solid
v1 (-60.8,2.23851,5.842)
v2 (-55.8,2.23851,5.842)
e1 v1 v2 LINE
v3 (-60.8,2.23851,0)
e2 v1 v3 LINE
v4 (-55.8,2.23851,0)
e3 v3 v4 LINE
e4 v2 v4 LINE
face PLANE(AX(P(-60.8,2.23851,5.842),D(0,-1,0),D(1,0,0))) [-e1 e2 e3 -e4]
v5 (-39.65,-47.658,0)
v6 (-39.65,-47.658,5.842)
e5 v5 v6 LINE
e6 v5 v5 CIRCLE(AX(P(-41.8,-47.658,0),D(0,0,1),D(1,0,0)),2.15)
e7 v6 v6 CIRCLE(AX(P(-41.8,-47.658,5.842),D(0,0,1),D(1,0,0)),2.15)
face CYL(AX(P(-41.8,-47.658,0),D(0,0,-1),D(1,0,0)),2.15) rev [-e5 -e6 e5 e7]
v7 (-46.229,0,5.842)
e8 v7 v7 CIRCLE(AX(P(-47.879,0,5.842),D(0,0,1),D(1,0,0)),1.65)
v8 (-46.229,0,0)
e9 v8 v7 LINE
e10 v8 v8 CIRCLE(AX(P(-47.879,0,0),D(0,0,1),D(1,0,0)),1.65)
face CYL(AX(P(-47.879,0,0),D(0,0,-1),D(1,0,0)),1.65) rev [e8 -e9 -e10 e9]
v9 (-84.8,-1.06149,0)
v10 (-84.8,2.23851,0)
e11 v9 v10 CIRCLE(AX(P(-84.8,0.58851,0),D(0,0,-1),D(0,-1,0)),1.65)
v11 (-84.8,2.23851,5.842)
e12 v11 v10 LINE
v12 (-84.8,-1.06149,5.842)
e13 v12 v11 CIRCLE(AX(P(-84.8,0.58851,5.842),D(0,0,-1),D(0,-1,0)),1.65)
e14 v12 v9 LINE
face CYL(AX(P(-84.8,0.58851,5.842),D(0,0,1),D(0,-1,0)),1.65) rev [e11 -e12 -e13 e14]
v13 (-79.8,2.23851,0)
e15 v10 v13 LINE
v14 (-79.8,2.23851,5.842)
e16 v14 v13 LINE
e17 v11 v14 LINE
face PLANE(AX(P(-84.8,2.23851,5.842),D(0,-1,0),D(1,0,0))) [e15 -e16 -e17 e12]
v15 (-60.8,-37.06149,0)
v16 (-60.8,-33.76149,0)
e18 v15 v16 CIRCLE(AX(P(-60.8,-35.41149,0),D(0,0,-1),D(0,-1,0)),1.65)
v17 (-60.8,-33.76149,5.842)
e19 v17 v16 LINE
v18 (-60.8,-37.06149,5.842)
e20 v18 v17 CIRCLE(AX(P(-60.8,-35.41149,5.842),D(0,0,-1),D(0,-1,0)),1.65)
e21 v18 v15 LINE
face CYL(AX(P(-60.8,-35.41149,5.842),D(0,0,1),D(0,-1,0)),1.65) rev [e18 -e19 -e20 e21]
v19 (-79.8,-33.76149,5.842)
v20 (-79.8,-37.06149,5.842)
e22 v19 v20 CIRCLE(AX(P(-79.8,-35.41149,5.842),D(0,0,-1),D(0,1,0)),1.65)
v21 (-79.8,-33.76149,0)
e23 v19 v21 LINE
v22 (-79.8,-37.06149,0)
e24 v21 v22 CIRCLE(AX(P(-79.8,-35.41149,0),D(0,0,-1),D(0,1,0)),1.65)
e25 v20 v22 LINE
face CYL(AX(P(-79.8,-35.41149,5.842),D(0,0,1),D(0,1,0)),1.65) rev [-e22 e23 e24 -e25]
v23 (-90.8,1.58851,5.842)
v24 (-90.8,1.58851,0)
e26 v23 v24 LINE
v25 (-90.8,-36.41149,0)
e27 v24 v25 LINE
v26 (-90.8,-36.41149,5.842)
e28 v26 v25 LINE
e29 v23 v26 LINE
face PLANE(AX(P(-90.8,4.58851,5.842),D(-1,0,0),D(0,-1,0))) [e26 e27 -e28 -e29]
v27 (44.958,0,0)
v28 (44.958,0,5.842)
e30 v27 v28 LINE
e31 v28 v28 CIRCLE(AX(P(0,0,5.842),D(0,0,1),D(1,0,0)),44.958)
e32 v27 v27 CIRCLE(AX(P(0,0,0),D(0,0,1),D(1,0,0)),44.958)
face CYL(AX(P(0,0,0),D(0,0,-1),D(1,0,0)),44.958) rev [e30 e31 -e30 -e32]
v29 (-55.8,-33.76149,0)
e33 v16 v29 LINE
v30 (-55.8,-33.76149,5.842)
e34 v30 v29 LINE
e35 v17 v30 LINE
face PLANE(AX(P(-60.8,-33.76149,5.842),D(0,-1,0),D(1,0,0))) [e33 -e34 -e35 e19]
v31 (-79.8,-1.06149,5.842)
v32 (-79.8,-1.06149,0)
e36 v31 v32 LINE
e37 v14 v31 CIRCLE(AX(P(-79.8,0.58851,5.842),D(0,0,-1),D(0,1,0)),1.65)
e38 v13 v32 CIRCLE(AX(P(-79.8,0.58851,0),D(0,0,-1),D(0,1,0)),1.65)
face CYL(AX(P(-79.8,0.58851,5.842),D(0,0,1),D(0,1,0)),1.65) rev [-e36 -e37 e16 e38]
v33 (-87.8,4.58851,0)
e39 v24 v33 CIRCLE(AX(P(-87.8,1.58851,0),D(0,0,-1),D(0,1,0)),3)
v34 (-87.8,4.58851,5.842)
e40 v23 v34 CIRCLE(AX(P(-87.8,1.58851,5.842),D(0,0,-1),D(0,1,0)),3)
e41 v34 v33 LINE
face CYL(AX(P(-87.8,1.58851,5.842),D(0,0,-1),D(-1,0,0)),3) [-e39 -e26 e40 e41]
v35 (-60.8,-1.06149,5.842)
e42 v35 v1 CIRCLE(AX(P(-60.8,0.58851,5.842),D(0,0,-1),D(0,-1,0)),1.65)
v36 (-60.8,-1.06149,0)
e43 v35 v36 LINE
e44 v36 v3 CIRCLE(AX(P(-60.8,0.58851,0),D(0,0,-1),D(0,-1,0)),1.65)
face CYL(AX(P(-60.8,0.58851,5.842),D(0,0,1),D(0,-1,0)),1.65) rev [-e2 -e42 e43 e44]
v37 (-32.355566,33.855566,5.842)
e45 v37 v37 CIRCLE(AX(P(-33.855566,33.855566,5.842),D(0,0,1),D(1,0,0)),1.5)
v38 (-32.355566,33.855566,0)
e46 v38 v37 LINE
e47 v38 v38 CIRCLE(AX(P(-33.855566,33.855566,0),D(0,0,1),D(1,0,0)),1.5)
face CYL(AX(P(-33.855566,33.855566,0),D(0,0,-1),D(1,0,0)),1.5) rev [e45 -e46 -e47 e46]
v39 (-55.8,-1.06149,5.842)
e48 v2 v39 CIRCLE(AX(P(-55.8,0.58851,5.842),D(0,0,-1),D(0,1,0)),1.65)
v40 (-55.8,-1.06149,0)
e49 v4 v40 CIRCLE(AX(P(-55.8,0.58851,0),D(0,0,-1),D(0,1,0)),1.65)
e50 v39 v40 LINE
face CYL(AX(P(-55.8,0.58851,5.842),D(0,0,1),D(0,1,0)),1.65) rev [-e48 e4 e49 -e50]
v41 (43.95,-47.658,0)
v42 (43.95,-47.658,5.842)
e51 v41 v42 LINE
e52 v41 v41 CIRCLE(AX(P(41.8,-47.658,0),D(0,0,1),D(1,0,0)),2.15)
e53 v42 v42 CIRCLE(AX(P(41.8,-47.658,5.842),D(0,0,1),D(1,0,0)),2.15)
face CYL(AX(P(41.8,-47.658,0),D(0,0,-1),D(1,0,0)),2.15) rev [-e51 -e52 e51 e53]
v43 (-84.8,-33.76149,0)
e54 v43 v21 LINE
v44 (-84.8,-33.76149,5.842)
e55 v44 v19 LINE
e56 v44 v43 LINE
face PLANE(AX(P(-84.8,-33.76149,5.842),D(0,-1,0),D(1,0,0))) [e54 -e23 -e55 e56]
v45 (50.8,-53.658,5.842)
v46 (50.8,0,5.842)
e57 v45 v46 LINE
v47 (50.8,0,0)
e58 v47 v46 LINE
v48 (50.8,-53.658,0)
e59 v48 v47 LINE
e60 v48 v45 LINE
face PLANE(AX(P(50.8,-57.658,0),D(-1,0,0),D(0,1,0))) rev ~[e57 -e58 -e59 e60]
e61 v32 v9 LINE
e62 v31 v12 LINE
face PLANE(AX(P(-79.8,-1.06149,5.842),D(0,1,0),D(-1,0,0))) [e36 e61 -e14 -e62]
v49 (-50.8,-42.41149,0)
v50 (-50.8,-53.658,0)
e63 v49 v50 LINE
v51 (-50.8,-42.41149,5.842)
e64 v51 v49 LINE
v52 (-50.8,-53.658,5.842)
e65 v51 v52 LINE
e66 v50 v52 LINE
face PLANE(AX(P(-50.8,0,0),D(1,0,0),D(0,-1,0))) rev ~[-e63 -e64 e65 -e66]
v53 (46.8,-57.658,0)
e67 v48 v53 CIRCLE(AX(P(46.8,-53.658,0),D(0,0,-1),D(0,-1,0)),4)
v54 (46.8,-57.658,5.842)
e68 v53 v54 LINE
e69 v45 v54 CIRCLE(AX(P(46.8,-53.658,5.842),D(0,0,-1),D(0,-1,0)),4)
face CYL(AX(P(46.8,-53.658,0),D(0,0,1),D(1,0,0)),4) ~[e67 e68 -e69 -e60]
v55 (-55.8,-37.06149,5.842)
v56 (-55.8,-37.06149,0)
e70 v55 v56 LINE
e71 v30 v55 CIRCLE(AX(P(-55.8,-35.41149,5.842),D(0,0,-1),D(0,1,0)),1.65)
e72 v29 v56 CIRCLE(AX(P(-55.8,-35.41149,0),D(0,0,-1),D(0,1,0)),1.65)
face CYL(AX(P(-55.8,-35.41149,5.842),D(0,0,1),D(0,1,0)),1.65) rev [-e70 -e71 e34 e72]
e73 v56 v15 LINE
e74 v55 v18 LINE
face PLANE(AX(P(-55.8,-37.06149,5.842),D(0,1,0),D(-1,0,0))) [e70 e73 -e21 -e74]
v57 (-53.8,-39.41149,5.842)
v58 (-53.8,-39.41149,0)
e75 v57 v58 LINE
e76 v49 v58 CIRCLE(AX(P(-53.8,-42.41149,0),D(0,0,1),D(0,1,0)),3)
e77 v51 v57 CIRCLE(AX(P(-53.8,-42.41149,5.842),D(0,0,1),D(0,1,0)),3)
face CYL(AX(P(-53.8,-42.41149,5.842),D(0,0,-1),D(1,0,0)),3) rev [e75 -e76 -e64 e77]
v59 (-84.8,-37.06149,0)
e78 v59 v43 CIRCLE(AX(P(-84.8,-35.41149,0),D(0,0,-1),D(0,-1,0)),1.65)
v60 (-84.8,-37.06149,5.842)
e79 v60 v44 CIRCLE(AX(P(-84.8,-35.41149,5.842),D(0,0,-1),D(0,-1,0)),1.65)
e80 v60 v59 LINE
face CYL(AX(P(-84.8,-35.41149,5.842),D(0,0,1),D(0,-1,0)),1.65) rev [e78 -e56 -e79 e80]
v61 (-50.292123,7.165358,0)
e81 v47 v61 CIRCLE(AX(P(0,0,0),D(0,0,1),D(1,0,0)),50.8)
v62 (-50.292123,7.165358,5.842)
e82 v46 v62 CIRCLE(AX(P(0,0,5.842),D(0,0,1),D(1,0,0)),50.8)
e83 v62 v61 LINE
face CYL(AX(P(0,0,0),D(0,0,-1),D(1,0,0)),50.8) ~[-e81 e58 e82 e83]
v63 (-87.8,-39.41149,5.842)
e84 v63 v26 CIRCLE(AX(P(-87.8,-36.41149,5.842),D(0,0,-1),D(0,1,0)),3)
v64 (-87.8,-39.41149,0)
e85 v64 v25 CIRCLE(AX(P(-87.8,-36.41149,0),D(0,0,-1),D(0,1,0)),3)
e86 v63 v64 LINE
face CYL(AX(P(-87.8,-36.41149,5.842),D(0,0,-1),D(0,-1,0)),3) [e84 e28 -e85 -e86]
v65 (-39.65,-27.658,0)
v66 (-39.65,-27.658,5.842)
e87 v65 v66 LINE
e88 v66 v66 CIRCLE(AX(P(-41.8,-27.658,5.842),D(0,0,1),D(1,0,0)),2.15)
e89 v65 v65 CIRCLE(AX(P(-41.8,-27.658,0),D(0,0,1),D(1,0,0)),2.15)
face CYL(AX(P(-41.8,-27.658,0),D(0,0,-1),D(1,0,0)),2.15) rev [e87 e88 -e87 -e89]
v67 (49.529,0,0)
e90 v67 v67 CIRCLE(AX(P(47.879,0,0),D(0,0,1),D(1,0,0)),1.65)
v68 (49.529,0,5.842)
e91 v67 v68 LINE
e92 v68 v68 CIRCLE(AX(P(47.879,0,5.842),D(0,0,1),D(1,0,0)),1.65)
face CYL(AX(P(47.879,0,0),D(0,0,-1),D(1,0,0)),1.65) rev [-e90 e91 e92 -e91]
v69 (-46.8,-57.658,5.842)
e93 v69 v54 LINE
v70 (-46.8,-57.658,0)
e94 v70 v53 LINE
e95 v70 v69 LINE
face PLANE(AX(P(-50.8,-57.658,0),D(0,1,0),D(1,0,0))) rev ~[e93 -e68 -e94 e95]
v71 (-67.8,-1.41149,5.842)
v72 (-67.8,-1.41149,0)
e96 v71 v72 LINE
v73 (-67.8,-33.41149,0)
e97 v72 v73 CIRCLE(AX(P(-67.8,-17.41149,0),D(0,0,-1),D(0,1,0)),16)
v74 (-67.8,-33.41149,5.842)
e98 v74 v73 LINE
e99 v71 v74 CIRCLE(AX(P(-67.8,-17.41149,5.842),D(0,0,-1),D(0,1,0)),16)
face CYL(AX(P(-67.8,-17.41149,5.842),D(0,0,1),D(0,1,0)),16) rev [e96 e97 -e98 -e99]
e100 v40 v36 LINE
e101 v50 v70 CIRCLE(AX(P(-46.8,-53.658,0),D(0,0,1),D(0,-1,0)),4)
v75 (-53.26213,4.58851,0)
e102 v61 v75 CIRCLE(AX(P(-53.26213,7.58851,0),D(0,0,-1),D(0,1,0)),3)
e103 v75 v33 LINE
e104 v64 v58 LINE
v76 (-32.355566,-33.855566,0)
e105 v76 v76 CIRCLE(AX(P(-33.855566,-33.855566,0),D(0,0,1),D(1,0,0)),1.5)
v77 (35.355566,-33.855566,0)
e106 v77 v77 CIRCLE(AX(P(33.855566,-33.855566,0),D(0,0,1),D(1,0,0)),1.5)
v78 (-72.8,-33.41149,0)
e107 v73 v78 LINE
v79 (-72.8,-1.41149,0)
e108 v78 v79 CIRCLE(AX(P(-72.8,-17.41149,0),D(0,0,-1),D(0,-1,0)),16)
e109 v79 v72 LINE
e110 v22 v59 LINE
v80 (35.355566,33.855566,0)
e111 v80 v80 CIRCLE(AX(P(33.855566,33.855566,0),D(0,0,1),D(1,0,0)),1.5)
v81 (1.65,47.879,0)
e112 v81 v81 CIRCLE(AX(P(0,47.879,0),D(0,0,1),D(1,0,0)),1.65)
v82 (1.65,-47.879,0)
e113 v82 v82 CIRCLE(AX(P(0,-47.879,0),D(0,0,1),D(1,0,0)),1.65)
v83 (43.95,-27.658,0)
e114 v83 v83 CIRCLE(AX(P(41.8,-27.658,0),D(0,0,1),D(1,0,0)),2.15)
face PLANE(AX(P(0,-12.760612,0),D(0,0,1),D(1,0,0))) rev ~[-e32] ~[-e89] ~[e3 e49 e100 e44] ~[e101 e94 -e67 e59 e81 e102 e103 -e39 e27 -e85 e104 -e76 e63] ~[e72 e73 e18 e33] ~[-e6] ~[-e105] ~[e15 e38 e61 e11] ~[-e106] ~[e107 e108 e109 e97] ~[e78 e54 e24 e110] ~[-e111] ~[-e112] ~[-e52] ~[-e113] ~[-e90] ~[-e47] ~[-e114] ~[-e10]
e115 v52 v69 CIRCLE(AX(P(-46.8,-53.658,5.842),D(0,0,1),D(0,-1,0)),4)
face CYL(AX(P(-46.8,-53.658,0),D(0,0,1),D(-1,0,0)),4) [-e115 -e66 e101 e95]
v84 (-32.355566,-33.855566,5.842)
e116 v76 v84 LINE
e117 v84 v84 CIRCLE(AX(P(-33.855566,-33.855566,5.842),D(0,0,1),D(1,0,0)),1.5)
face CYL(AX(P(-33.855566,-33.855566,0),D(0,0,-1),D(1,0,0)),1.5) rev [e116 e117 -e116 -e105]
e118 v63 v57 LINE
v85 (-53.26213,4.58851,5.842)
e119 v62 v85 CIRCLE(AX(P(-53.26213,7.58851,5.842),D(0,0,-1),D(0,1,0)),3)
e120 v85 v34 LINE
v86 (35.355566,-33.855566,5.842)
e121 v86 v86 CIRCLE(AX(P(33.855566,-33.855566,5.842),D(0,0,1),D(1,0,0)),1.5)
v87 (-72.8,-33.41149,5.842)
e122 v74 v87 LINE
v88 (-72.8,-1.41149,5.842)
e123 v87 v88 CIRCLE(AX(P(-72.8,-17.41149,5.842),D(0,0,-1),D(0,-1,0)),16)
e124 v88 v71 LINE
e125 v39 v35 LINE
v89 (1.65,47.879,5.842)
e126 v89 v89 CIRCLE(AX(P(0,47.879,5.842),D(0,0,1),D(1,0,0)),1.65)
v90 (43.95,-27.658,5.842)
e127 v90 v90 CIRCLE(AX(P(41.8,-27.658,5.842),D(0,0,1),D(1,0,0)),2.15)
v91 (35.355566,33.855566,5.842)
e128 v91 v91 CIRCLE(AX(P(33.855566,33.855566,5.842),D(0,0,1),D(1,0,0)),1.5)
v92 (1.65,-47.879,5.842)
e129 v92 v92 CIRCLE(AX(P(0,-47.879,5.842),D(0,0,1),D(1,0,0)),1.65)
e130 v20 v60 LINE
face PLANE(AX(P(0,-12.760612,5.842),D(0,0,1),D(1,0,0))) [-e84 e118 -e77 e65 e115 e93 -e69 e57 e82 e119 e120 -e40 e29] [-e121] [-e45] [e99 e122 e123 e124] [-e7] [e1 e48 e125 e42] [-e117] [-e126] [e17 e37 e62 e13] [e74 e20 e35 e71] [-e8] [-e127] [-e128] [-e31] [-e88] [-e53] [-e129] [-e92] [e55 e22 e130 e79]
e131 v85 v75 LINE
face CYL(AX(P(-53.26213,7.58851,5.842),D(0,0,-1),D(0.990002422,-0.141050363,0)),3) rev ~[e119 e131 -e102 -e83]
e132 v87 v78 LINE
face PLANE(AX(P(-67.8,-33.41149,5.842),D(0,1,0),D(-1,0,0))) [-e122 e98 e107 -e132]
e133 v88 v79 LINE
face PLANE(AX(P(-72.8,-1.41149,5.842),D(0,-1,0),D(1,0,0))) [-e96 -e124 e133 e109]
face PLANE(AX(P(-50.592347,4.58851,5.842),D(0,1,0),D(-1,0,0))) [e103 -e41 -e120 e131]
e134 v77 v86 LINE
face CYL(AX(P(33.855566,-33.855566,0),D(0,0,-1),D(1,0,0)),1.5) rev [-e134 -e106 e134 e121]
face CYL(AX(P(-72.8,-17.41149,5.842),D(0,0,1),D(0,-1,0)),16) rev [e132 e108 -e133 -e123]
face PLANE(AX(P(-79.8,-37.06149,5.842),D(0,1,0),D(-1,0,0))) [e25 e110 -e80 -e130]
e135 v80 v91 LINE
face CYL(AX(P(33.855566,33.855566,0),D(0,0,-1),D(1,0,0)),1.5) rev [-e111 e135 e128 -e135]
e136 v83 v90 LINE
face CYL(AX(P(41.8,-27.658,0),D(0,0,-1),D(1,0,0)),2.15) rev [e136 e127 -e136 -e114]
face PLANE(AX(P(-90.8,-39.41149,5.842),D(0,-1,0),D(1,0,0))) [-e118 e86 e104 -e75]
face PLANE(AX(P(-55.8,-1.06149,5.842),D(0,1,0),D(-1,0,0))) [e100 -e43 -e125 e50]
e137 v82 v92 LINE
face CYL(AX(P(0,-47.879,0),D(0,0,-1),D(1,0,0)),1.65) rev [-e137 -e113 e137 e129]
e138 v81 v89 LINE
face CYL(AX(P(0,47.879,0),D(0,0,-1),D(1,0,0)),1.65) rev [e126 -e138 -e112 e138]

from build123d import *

# Parameters (mm, degrees)
SKETCH1_R           = 2.15
SKETCH1_R_2         = 1.5
SKETCH1_R_3         = 1.65
SKETCH1_R_4         = 44.958
BOSS_EXTRUDE1_DEPTH = 5.842
FILLET1_R           = 4
BOSS_EXTRUDE2_DEPTH = 5.842
FILLET2_R           = 3


with BuildPart() as part:
    # Sketch1 → Boss-Extrude1 (new body)
    # profile 1 of 2: a face of its own
    with BuildSketch(Plane.XY):
        with BuildLine():
            ThreePointArc((50.8, 0), (0, 50.8), (-50.8, 0))
            Line((-50.8, 0), (-50.8, -57.658))
            Line((-50.8, -57.658), (0, -57.658))
            Line((0, -57.658), (50.8, -57.658))
            Line((50.8, -57.658), (50.8, 0))
        make_face()
        with Locations((-41.8, -47.658)):
            Circle(SKETCH1_R, mode=Mode.SUBTRACT)
        with Locations((-33.855565576, -33.855565576)):
            Circle(SKETCH1_R_2, mode=Mode.SUBTRACT)
        with Locations((-41.8, -27.658)):
            Circle(SKETCH1_R, mode=Mode.SUBTRACT)
        with Locations((0, -47.879)):
            Circle(SKETCH1_R_3, mode=Mode.SUBTRACT)
        with Locations((41.8, -47.658)):
            Circle(SKETCH1_R, mode=Mode.SUBTRACT)
        with Locations((33.855565576, -33.855565576)):
            Circle(SKETCH1_R_2, mode=Mode.SUBTRACT)
        with Locations((41.8, -27.658)):
            Circle(SKETCH1_R, mode=Mode.SUBTRACT)
        with Locations((-47.879, 0)):
            Circle(SKETCH1_R_3, mode=Mode.SUBTRACT)
        Circle(SKETCH1_R_4, mode=Mode.SUBTRACT)
        with Locations((-33.855565576, 33.855565576)):
            Circle(SKETCH1_R_2, mode=Mode.SUBTRACT)
        with Locations((0, 47.879)):
            Circle(SKETCH1_R_3, mode=Mode.SUBTRACT)
        with Locations((47.879, 0)):
            Circle(SKETCH1_R_3, mode=Mode.SUBTRACT)
        with Locations((33.855565576, 33.855565576)):
            Circle(SKETCH1_R_2, mode=Mode.SUBTRACT)
    # profile 2 of 2: a face of its own
    with BuildSketch(Plane.XY):
        with BuildLine():
            ThreePointArc((50.8, 0), (0, 50.8), (-50.8, 0))
            Line((-50.8, 0), (-50.8, -57.658))
            Line((-50.8, -57.658), (0, -57.658))
            Line((0, -57.658), (50.8, -57.658))
            Line((50.8, -57.658), (50.8, 0))
        make_face()
        with Locations((-41.8, -47.658)):
            Circle(SKETCH1_R, mode=Mode.SUBTRACT)
        with Locations((-33.855565576, -33.855565576)):
            Circle(SKETCH1_R_2, mode=Mode.SUBTRACT)
        with Locations((-41.8, -27.658)):
            Circle(SKETCH1_R, mode=Mode.SUBTRACT)
        with Locations((0, -47.879)):
            Circle(SKETCH1_R_3, mode=Mode.SUBTRACT)
        with Locations((41.8, -47.658)):
            Circle(SKETCH1_R, mode=Mode.SUBTRACT)
        with Locations((33.855565576, -33.855565576)):
            Circle(SKETCH1_R_2, mode=Mode.SUBTRACT)
        with Locations((41.8, -27.658)):
            Circle(SKETCH1_R, mode=Mode.SUBTRACT)
        with Locations((-47.879, 0)):
            Circle(SKETCH1_R_3, mode=Mode.SUBTRACT)
        Circle(SKETCH1_R_4, mode=Mode.SUBTRACT)
        with Locations((-33.855565576, 33.855565576)):
            Circle(SKETCH1_R_2, mode=Mode.SUBTRACT)
        with Locations((0, 47.879)):
            Circle(SKETCH1_R_3, mode=Mode.SUBTRACT)
        with Locations((47.879, 0)):
            Circle(SKETCH1_R_3, mode=Mode.SUBTRACT)
        with Locations((33.855565576, 33.855565576)):
            Circle(SKETCH1_R_2, mode=Mode.SUBTRACT)
    extrude(amount=BOSS_EXTRUDE1_DEPTH)

    # Fillet1
    fillet1_edges = [part.edges().sort_by_distance(p)[0] for p in [
        (50.8, -57.658, 2.921),
        (-50.8, -57.658, 2.921),
    ]]
    fillet(fillet1_edges, radius=FILLET1_R)

    # Sketch2 → Boss-Extrude2 (add, through all)
    with BuildSketch(Plane.XY.offset(5.842)):
        Polygon((-50.8, -39.411490459), (-50.592347052, 4.588509541), (-90.8, 4.588509541), (-90.8, -39.411490459), align=None)
        with BuildLine():
            ThreePointArc((-79.8, -33.761490459), (-78.15, -35.411490459), (-79.8, -37.061490459))
            Line((-79.8, -37.061490459), (-84.8, -37.061490459))
            ThreePointArc((-84.8, -37.061490459), (-86.45, -35.411490459), (-84.8, -33.761490459))
            Line((-84.8, -33.761490459), (-79.8, -33.761490459))
        make_face(mode=Mode.SUBTRACT)
        with BuildLine():
            ThreePointArc((-55.8, -33.761490459), (-54.15, -35.411490459), (-55.8, -37.061490459))
            Line((-55.8, -37.061490459), (-60.8, -37.061490459))
            ThreePointArc((-60.8, -37.061490459), (-62.45, -35.411490459), (-60.8, -33.761490459))
            Line((-60.8, -33.761490459), (-55.8, -33.761490459))
        make_face(mode=Mode.SUBTRACT)
        with BuildLine():
            ThreePointArc((-79.8, 2.238509541), (-78.15, 0.588509541), (-79.8, -1.061490459))
            Line((-79.8, -1.061490459), (-84.8, -1.061490459))
            ThreePointArc((-84.8, -1.061490459), (-86.45, 0.588509541), (-84.8, 2.238509541))
            Line((-84.8, 2.238509541), (-79.8, 2.238509541))
        make_face(mode=Mode.SUBTRACT)
        with BuildLine():
            ThreePointArc((-67.8, -1.411490459), (-51.8, -17.411490459), (-67.8, -33.411490459))
            Line((-67.8, -33.411490459), (-72.8, -33.411490459))
            ThreePointArc((-72.8, -33.411490459), (-88.8, -17.411490459), (-72.8, -1.411490459))
            Line((-72.8, -1.411490459), (-67.8, -1.411490459))
        make_face(mode=Mode.SUBTRACT)
        with BuildLine():
            ThreePointArc((-55.8, 2.238509541), (-54.15, 0.588509541), (-55.8, -1.061490459))
            Line((-55.8, -1.061490459), (-60.8, -1.061490459))
            ThreePointArc((-60.8, -1.061490459), (-62.45, 0.588509541), (-60.8, 2.238509541))
            Line((-60.8, 2.238509541), (-55.8, 2.238509541))
        make_face(mode=Mode.SUBTRACT)
    extrude(amount=-BOSS_EXTRUDE2_DEPTH)

    # Fillet2
    fillet2_edges = [part.edges().sort_by_distance(p)[0] for p in [
        (-50.592347052, 4.588509541, 2.921),
        (-50.8, -39.411490459, 2.921),
        (-90.8, -39.411490459, 2.921),
        (-90.8, 4.588509541, 2.921),
    ]]
    fillet(fillet2_edges, radius=FILLET2_R)


solid = part.part
